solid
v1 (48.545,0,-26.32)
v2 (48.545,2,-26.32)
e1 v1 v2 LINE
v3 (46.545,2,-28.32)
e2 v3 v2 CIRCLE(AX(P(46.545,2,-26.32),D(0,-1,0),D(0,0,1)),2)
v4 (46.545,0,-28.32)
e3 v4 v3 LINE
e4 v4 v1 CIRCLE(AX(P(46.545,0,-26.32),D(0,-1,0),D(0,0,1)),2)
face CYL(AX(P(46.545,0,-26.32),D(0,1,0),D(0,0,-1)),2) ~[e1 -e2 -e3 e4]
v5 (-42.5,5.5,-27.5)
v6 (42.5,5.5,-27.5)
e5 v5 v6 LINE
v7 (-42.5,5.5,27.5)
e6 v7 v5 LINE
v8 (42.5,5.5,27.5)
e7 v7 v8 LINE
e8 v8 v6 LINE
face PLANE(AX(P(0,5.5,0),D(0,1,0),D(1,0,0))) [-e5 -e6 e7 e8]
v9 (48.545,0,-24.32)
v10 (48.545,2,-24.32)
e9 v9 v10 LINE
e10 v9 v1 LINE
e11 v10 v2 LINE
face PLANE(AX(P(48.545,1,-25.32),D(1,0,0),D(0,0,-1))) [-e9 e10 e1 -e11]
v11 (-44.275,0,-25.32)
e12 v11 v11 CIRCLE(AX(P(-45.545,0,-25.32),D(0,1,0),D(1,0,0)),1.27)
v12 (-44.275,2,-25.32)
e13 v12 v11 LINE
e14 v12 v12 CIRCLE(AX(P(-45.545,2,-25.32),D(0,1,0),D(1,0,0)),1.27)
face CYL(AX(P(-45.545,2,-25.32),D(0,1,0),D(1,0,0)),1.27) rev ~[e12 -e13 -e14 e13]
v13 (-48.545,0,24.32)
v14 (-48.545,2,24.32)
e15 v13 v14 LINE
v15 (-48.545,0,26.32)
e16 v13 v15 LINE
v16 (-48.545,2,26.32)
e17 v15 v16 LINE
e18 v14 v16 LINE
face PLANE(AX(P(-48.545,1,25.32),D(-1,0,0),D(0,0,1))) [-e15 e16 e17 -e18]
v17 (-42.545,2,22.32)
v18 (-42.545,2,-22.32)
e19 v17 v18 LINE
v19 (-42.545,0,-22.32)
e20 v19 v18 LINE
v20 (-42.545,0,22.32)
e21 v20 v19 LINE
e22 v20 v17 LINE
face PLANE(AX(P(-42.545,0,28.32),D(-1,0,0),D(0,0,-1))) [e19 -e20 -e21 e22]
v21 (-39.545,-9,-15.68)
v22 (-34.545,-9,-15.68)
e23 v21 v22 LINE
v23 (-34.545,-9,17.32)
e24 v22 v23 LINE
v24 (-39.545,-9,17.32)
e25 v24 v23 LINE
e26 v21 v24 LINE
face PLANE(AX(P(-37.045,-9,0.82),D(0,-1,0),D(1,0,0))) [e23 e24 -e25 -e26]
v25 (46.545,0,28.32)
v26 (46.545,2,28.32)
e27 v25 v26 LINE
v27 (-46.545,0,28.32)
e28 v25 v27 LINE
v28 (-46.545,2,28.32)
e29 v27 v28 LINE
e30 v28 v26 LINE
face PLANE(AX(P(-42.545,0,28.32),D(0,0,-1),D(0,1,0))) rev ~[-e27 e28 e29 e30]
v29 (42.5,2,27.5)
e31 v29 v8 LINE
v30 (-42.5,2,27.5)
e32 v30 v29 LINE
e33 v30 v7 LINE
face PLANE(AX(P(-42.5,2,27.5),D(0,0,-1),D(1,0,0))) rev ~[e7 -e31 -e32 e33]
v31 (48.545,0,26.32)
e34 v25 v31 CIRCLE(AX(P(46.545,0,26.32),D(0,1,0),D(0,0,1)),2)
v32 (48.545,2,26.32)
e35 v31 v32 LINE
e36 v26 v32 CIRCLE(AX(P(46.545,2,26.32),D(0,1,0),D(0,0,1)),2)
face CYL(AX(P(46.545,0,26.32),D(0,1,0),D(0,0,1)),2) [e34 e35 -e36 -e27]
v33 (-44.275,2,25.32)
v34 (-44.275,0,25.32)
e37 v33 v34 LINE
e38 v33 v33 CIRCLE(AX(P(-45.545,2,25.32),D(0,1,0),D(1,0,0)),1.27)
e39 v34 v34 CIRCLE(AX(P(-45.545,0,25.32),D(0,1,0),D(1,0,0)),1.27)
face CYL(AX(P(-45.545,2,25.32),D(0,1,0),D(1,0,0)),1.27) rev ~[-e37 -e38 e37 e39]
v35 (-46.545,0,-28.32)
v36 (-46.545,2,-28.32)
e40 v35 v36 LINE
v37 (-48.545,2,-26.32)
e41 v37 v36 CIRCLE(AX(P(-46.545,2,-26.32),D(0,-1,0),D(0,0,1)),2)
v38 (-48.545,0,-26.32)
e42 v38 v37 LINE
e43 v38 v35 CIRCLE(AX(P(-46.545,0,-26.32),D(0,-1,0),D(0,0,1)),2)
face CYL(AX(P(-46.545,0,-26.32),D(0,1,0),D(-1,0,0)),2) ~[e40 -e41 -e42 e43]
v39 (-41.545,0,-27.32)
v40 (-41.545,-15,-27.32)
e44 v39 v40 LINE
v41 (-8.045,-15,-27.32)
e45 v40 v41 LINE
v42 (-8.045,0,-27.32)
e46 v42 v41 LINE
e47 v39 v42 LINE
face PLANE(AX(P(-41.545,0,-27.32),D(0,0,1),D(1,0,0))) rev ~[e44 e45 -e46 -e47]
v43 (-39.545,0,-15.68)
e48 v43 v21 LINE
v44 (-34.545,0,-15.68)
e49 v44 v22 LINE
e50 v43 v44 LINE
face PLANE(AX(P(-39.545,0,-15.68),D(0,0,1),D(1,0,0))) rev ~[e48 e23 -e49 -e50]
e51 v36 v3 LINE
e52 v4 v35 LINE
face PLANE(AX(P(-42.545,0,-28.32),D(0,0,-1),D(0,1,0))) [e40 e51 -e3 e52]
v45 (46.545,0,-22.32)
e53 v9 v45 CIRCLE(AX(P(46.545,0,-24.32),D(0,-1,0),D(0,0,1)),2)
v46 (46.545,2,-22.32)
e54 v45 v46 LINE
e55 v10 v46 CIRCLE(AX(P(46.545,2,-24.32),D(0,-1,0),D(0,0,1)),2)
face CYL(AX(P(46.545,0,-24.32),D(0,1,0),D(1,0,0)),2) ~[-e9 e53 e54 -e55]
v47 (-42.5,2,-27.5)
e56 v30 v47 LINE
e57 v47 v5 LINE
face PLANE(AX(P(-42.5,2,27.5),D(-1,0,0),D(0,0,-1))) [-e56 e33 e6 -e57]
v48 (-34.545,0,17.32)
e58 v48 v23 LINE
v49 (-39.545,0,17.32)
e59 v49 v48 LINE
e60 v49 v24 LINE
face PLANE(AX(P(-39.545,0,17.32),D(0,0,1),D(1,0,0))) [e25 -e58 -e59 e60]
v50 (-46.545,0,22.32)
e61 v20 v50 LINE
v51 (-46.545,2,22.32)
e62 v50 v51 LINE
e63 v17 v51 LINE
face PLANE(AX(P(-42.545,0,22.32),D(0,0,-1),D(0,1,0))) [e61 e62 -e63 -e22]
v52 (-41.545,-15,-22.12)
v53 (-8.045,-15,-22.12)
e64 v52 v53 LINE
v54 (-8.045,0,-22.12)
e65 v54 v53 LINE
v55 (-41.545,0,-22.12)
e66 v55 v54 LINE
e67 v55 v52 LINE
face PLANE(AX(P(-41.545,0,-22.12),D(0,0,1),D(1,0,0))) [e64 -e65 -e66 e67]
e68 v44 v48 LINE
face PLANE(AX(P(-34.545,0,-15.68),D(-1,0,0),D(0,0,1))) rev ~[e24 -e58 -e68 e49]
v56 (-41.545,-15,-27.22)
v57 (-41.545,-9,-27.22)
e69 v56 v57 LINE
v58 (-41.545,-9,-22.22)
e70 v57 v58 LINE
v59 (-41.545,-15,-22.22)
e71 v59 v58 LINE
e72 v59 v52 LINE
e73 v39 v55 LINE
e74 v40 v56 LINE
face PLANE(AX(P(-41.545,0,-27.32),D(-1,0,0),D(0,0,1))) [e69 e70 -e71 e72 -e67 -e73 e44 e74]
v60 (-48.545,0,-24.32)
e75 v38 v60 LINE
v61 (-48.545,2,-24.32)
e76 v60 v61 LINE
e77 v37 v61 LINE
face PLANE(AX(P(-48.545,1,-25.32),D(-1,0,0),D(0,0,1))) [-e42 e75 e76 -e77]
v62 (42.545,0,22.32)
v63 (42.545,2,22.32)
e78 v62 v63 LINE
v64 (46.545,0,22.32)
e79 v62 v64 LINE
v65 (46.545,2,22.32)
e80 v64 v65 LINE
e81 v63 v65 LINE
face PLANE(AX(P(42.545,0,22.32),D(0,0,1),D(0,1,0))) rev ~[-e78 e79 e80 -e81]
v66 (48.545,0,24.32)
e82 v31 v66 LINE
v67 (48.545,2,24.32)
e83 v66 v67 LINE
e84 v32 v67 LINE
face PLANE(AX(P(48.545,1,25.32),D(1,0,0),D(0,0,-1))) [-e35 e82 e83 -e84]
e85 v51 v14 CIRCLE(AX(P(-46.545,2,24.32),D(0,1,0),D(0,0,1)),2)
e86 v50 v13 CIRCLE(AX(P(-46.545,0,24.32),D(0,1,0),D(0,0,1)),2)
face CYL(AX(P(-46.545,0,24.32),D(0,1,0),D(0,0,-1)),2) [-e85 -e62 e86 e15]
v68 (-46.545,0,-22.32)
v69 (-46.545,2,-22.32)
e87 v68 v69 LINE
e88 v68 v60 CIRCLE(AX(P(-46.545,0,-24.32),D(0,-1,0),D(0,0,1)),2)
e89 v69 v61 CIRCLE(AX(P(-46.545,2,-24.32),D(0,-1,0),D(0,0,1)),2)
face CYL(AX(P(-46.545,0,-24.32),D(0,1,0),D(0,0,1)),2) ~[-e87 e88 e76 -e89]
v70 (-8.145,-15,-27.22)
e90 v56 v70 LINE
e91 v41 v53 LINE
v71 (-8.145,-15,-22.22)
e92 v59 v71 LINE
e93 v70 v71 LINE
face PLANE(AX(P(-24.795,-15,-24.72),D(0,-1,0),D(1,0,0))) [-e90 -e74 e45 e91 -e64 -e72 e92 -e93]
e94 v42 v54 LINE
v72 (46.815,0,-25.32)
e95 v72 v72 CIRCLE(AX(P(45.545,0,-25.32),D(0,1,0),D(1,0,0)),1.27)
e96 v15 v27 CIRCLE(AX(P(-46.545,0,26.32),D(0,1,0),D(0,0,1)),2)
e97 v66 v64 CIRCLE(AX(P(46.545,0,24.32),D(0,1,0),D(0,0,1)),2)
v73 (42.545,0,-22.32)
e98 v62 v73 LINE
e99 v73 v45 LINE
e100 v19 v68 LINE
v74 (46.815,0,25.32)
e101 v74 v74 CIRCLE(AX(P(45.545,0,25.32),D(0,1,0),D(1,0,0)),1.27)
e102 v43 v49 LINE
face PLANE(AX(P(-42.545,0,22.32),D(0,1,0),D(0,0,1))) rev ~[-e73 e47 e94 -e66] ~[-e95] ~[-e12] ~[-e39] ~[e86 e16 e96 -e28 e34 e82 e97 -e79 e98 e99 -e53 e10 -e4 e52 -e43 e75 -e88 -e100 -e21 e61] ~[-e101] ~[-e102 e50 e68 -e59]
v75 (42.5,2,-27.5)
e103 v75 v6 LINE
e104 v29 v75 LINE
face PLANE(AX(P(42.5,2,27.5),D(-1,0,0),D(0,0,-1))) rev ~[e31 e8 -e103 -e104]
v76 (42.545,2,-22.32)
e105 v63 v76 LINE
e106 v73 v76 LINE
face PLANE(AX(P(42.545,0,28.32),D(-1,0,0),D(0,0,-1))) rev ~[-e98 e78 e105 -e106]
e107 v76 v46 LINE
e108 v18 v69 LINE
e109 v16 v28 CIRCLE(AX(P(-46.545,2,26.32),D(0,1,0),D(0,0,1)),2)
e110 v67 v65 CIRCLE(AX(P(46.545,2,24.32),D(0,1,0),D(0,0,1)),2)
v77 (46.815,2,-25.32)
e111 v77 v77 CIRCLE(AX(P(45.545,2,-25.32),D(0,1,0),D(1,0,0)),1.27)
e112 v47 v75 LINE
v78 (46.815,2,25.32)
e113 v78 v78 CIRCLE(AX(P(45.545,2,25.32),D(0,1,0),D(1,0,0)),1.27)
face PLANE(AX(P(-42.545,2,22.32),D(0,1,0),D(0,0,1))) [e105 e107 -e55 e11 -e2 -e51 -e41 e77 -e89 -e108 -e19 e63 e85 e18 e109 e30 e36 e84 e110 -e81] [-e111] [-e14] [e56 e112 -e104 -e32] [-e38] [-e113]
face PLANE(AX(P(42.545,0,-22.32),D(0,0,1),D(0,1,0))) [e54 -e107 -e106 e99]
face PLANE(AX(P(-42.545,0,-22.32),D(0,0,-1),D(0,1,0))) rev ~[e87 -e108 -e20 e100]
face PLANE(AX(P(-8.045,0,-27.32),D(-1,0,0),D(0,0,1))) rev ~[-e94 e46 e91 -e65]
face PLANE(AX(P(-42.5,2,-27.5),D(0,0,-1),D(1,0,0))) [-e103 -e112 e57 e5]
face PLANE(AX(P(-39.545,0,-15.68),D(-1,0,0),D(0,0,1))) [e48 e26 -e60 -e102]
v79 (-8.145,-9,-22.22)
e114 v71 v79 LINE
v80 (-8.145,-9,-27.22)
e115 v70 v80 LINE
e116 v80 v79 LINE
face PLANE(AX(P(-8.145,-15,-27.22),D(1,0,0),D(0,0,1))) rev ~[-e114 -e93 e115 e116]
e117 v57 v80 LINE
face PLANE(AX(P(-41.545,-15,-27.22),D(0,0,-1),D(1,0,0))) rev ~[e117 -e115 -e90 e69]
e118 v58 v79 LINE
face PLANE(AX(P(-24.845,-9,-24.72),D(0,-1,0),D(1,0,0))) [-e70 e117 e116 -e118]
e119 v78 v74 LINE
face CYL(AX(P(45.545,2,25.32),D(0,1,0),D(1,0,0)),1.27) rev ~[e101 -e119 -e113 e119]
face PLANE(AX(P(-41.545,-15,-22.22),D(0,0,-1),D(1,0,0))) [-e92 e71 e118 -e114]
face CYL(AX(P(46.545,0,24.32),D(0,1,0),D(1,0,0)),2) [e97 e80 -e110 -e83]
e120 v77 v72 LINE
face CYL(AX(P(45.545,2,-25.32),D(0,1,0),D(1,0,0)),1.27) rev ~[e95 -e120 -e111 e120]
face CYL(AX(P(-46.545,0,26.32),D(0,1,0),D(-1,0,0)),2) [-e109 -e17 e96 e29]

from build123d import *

# Parameters (mm, degrees)
SKETCH1_W            = 85.09
SKETCH1_H            = 56.64
BOSS_EXTRUDE1_DEPTH  = 2
SKETCH3_W            = 6
SKETCH3_H            = 2
BOSS_EXTRUDE4_DEPTH  = 6
SKETCH4_R            = 1.27
CUT_EXTRUDE3_DEPTH   = 6
SKETCH5_W            = 6
SKETCH5_H            = 2
BOSS_EXTRUDE5_DEPTH  = 6
SKETCH7_R            = 1.27
CUT_EXTRUDE4_DEPTH   = 6
SKETCH8_W            = 6
SKETCH8_H            = 2
BOSS_EXTRUDE6_DEPTH  = 6
SKETCH9_W            = 6
SKETCH9_H            = 2
BOSS_EXTRUDE7_DEPTH  = 6
SKETCH10_R           = 1.27
CUT_EXTRUDE5_DEPTH   = 6
SKETCH11_R           = 1.27
CUT_EXTRUDE6_DEPTH   = 6
FILLET5_R            = 2
SKETCH12_W           = 33.5
SKETCH12_H           = 5.2
BOSS_EXTRUDE8_DEPTH  = 15
SKETCH14_W           = 33.4
SKETCH14_H           = 5
CUT_EXTRUDE9_DEPTH   = 6
SKETCH15_W           = 5
SKETCH15_H           = 33
BOSS_EXTRUDE9_DEPTH  = 9
SKETCH16_W           = 85
SKETCH16_H           = 55
BOSS_EXTRUDE10_DEPTH = 3.5


with BuildPart() as part:
    # Sketch1 → Boss-Extrude1 (new body)
    with BuildSketch(Plane(origin=(0, 0, 0), x_dir=(1, 0, 0), z_dir=(0, 1, 0))):
        Rectangle(SKETCH1_W, SKETCH1_H)
    extrude(amount=BOSS_EXTRUDE1_DEPTH)

    # Sketch3 → Boss-Extrude4 (add)
    with BuildSketch(Plane(origin=(42.545, 0, 0), x_dir=(0, 0, -1), z_dir=(1, 0, 0))):
        with Locations((-25.32, 1)):
            Rectangle(SKETCH3_W, SKETCH3_H)
    extrude(amount=BOSS_EXTRUDE4_DEPTH)

    # Sketch4 → Cut-Extrude3 (cut)
    with BuildSketch(Plane(origin=(0, 2, 0), x_dir=(1, 0, 0), z_dir=(0, 1, 0))):
        with Locations((45.545, -25.32)):
            Circle(SKETCH4_R)
    extrude(amount=-CUT_EXTRUDE3_DEPTH, mode=Mode.SUBTRACT)

    # Sketch5 → Boss-Extrude5 (add)
    with BuildSketch(Plane(origin=(42.545, 0, 0), x_dir=(0, 0, -1), z_dir=(1, 0, 0))):
        with Locations((25.32, 1)):
            Rectangle(SKETCH5_W, SKETCH5_H)
    extrude(amount=BOSS_EXTRUDE5_DEPTH)

    # Sketch7 → Cut-Extrude4 (cut)
    with BuildSketch(Plane(origin=(0, 2, 0), x_dir=(1, 0, 0), z_dir=(0, 1, 0))):
        with Locations((45.545, 25.32)):
            Circle(SKETCH7_R)
    extrude(amount=-CUT_EXTRUDE4_DEPTH, mode=Mode.SUBTRACT)

    # Sketch8 → Boss-Extrude6 (add)
    with BuildSketch(Plane.ZY.offset(42.545)):
        with Locations((-25.32, 1)):
            Rectangle(SKETCH8_W, SKETCH8_H)
    extrude(amount=BOSS_EXTRUDE6_DEPTH)

    # Sketch9 → Boss-Extrude7 (add)
    with BuildSketch(Plane.ZY.offset(42.545)):
        with Locations((25.32, 1)):
            Rectangle(SKETCH9_W, SKETCH9_H)
    extrude(amount=BOSS_EXTRUDE7_DEPTH)

    # Sketch10 → Cut-Extrude5 (cut)
    with BuildSketch(Plane(origin=(0, 2, 0), x_dir=(1, 0, 0), z_dir=(0, 1, 0))):
        with Locations((-45.545, 25.32)):
            Circle(SKETCH10_R)
    extrude(amount=-CUT_EXTRUDE5_DEPTH, mode=Mode.SUBTRACT)

    # Sketch11 → Cut-Extrude6 (cut)
    with BuildSketch(Plane(origin=(0, 2, 0), x_dir=(1, 0, 0), z_dir=(0, 1, 0))):
        with Locations((-45.545, -25.32)):
            Circle(SKETCH11_R)
    extrude(amount=-CUT_EXTRUDE6_DEPTH, mode=Mode.SUBTRACT)

    # Fillet5
    fillet5_edges = [part.edges().sort_by_distance(p)[0] for p in [
        (48.545, 1, 28.32),
        (48.545, 1, 22.32),
        (48.545, 1, -28.32),
        (48.545, 1, -22.32),
        (-48.545, 1, -28.32),
        (-48.545, 1, -22.32),
        (-48.545, 1, 28.32),
        (-48.545, 1, 22.32),
    ]]
    fillet(fillet5_edges, radius=FILLET5_R)

    # Sketch12 → Boss-Extrude8 (add)
    with BuildSketch(Plane.XZ):
        with Locations((-24.795, -24.72)):
            Rectangle(SKETCH12_W, SKETCH12_H)
    extrude(amount=BOSS_EXTRUDE8_DEPTH)

    # Sketch14 → Cut-Extrude9 (cut)
    with BuildSketch(Plane.XZ.offset(15)):
        with Locations((-24.845, -24.72)):
            Rectangle(SKETCH14_W, SKETCH14_H)
    extrude(amount=-CUT_EXTRUDE9_DEPTH, mode=Mode.SUBTRACT)

    # Sketch15 → Boss-Extrude9 (add)
    with BuildSketch(Plane.XZ):
        with Locations((-37.045, 0.82)):
            Rectangle(SKETCH15_W, SKETCH15_H)
    extrude(amount=BOSS_EXTRUDE9_DEPTH)

    # Sketch16 → Boss-Extrude10 (add)
    with BuildSketch(Plane(origin=(0, 2, 0), x_dir=(1, 0, 0), z_dir=(0, 1, 0))):
        Rectangle(SKETCH16_W, SKETCH16_H)
    extrude(amount=BOSS_EXTRUDE10_DEPTH)


solid = part.part
